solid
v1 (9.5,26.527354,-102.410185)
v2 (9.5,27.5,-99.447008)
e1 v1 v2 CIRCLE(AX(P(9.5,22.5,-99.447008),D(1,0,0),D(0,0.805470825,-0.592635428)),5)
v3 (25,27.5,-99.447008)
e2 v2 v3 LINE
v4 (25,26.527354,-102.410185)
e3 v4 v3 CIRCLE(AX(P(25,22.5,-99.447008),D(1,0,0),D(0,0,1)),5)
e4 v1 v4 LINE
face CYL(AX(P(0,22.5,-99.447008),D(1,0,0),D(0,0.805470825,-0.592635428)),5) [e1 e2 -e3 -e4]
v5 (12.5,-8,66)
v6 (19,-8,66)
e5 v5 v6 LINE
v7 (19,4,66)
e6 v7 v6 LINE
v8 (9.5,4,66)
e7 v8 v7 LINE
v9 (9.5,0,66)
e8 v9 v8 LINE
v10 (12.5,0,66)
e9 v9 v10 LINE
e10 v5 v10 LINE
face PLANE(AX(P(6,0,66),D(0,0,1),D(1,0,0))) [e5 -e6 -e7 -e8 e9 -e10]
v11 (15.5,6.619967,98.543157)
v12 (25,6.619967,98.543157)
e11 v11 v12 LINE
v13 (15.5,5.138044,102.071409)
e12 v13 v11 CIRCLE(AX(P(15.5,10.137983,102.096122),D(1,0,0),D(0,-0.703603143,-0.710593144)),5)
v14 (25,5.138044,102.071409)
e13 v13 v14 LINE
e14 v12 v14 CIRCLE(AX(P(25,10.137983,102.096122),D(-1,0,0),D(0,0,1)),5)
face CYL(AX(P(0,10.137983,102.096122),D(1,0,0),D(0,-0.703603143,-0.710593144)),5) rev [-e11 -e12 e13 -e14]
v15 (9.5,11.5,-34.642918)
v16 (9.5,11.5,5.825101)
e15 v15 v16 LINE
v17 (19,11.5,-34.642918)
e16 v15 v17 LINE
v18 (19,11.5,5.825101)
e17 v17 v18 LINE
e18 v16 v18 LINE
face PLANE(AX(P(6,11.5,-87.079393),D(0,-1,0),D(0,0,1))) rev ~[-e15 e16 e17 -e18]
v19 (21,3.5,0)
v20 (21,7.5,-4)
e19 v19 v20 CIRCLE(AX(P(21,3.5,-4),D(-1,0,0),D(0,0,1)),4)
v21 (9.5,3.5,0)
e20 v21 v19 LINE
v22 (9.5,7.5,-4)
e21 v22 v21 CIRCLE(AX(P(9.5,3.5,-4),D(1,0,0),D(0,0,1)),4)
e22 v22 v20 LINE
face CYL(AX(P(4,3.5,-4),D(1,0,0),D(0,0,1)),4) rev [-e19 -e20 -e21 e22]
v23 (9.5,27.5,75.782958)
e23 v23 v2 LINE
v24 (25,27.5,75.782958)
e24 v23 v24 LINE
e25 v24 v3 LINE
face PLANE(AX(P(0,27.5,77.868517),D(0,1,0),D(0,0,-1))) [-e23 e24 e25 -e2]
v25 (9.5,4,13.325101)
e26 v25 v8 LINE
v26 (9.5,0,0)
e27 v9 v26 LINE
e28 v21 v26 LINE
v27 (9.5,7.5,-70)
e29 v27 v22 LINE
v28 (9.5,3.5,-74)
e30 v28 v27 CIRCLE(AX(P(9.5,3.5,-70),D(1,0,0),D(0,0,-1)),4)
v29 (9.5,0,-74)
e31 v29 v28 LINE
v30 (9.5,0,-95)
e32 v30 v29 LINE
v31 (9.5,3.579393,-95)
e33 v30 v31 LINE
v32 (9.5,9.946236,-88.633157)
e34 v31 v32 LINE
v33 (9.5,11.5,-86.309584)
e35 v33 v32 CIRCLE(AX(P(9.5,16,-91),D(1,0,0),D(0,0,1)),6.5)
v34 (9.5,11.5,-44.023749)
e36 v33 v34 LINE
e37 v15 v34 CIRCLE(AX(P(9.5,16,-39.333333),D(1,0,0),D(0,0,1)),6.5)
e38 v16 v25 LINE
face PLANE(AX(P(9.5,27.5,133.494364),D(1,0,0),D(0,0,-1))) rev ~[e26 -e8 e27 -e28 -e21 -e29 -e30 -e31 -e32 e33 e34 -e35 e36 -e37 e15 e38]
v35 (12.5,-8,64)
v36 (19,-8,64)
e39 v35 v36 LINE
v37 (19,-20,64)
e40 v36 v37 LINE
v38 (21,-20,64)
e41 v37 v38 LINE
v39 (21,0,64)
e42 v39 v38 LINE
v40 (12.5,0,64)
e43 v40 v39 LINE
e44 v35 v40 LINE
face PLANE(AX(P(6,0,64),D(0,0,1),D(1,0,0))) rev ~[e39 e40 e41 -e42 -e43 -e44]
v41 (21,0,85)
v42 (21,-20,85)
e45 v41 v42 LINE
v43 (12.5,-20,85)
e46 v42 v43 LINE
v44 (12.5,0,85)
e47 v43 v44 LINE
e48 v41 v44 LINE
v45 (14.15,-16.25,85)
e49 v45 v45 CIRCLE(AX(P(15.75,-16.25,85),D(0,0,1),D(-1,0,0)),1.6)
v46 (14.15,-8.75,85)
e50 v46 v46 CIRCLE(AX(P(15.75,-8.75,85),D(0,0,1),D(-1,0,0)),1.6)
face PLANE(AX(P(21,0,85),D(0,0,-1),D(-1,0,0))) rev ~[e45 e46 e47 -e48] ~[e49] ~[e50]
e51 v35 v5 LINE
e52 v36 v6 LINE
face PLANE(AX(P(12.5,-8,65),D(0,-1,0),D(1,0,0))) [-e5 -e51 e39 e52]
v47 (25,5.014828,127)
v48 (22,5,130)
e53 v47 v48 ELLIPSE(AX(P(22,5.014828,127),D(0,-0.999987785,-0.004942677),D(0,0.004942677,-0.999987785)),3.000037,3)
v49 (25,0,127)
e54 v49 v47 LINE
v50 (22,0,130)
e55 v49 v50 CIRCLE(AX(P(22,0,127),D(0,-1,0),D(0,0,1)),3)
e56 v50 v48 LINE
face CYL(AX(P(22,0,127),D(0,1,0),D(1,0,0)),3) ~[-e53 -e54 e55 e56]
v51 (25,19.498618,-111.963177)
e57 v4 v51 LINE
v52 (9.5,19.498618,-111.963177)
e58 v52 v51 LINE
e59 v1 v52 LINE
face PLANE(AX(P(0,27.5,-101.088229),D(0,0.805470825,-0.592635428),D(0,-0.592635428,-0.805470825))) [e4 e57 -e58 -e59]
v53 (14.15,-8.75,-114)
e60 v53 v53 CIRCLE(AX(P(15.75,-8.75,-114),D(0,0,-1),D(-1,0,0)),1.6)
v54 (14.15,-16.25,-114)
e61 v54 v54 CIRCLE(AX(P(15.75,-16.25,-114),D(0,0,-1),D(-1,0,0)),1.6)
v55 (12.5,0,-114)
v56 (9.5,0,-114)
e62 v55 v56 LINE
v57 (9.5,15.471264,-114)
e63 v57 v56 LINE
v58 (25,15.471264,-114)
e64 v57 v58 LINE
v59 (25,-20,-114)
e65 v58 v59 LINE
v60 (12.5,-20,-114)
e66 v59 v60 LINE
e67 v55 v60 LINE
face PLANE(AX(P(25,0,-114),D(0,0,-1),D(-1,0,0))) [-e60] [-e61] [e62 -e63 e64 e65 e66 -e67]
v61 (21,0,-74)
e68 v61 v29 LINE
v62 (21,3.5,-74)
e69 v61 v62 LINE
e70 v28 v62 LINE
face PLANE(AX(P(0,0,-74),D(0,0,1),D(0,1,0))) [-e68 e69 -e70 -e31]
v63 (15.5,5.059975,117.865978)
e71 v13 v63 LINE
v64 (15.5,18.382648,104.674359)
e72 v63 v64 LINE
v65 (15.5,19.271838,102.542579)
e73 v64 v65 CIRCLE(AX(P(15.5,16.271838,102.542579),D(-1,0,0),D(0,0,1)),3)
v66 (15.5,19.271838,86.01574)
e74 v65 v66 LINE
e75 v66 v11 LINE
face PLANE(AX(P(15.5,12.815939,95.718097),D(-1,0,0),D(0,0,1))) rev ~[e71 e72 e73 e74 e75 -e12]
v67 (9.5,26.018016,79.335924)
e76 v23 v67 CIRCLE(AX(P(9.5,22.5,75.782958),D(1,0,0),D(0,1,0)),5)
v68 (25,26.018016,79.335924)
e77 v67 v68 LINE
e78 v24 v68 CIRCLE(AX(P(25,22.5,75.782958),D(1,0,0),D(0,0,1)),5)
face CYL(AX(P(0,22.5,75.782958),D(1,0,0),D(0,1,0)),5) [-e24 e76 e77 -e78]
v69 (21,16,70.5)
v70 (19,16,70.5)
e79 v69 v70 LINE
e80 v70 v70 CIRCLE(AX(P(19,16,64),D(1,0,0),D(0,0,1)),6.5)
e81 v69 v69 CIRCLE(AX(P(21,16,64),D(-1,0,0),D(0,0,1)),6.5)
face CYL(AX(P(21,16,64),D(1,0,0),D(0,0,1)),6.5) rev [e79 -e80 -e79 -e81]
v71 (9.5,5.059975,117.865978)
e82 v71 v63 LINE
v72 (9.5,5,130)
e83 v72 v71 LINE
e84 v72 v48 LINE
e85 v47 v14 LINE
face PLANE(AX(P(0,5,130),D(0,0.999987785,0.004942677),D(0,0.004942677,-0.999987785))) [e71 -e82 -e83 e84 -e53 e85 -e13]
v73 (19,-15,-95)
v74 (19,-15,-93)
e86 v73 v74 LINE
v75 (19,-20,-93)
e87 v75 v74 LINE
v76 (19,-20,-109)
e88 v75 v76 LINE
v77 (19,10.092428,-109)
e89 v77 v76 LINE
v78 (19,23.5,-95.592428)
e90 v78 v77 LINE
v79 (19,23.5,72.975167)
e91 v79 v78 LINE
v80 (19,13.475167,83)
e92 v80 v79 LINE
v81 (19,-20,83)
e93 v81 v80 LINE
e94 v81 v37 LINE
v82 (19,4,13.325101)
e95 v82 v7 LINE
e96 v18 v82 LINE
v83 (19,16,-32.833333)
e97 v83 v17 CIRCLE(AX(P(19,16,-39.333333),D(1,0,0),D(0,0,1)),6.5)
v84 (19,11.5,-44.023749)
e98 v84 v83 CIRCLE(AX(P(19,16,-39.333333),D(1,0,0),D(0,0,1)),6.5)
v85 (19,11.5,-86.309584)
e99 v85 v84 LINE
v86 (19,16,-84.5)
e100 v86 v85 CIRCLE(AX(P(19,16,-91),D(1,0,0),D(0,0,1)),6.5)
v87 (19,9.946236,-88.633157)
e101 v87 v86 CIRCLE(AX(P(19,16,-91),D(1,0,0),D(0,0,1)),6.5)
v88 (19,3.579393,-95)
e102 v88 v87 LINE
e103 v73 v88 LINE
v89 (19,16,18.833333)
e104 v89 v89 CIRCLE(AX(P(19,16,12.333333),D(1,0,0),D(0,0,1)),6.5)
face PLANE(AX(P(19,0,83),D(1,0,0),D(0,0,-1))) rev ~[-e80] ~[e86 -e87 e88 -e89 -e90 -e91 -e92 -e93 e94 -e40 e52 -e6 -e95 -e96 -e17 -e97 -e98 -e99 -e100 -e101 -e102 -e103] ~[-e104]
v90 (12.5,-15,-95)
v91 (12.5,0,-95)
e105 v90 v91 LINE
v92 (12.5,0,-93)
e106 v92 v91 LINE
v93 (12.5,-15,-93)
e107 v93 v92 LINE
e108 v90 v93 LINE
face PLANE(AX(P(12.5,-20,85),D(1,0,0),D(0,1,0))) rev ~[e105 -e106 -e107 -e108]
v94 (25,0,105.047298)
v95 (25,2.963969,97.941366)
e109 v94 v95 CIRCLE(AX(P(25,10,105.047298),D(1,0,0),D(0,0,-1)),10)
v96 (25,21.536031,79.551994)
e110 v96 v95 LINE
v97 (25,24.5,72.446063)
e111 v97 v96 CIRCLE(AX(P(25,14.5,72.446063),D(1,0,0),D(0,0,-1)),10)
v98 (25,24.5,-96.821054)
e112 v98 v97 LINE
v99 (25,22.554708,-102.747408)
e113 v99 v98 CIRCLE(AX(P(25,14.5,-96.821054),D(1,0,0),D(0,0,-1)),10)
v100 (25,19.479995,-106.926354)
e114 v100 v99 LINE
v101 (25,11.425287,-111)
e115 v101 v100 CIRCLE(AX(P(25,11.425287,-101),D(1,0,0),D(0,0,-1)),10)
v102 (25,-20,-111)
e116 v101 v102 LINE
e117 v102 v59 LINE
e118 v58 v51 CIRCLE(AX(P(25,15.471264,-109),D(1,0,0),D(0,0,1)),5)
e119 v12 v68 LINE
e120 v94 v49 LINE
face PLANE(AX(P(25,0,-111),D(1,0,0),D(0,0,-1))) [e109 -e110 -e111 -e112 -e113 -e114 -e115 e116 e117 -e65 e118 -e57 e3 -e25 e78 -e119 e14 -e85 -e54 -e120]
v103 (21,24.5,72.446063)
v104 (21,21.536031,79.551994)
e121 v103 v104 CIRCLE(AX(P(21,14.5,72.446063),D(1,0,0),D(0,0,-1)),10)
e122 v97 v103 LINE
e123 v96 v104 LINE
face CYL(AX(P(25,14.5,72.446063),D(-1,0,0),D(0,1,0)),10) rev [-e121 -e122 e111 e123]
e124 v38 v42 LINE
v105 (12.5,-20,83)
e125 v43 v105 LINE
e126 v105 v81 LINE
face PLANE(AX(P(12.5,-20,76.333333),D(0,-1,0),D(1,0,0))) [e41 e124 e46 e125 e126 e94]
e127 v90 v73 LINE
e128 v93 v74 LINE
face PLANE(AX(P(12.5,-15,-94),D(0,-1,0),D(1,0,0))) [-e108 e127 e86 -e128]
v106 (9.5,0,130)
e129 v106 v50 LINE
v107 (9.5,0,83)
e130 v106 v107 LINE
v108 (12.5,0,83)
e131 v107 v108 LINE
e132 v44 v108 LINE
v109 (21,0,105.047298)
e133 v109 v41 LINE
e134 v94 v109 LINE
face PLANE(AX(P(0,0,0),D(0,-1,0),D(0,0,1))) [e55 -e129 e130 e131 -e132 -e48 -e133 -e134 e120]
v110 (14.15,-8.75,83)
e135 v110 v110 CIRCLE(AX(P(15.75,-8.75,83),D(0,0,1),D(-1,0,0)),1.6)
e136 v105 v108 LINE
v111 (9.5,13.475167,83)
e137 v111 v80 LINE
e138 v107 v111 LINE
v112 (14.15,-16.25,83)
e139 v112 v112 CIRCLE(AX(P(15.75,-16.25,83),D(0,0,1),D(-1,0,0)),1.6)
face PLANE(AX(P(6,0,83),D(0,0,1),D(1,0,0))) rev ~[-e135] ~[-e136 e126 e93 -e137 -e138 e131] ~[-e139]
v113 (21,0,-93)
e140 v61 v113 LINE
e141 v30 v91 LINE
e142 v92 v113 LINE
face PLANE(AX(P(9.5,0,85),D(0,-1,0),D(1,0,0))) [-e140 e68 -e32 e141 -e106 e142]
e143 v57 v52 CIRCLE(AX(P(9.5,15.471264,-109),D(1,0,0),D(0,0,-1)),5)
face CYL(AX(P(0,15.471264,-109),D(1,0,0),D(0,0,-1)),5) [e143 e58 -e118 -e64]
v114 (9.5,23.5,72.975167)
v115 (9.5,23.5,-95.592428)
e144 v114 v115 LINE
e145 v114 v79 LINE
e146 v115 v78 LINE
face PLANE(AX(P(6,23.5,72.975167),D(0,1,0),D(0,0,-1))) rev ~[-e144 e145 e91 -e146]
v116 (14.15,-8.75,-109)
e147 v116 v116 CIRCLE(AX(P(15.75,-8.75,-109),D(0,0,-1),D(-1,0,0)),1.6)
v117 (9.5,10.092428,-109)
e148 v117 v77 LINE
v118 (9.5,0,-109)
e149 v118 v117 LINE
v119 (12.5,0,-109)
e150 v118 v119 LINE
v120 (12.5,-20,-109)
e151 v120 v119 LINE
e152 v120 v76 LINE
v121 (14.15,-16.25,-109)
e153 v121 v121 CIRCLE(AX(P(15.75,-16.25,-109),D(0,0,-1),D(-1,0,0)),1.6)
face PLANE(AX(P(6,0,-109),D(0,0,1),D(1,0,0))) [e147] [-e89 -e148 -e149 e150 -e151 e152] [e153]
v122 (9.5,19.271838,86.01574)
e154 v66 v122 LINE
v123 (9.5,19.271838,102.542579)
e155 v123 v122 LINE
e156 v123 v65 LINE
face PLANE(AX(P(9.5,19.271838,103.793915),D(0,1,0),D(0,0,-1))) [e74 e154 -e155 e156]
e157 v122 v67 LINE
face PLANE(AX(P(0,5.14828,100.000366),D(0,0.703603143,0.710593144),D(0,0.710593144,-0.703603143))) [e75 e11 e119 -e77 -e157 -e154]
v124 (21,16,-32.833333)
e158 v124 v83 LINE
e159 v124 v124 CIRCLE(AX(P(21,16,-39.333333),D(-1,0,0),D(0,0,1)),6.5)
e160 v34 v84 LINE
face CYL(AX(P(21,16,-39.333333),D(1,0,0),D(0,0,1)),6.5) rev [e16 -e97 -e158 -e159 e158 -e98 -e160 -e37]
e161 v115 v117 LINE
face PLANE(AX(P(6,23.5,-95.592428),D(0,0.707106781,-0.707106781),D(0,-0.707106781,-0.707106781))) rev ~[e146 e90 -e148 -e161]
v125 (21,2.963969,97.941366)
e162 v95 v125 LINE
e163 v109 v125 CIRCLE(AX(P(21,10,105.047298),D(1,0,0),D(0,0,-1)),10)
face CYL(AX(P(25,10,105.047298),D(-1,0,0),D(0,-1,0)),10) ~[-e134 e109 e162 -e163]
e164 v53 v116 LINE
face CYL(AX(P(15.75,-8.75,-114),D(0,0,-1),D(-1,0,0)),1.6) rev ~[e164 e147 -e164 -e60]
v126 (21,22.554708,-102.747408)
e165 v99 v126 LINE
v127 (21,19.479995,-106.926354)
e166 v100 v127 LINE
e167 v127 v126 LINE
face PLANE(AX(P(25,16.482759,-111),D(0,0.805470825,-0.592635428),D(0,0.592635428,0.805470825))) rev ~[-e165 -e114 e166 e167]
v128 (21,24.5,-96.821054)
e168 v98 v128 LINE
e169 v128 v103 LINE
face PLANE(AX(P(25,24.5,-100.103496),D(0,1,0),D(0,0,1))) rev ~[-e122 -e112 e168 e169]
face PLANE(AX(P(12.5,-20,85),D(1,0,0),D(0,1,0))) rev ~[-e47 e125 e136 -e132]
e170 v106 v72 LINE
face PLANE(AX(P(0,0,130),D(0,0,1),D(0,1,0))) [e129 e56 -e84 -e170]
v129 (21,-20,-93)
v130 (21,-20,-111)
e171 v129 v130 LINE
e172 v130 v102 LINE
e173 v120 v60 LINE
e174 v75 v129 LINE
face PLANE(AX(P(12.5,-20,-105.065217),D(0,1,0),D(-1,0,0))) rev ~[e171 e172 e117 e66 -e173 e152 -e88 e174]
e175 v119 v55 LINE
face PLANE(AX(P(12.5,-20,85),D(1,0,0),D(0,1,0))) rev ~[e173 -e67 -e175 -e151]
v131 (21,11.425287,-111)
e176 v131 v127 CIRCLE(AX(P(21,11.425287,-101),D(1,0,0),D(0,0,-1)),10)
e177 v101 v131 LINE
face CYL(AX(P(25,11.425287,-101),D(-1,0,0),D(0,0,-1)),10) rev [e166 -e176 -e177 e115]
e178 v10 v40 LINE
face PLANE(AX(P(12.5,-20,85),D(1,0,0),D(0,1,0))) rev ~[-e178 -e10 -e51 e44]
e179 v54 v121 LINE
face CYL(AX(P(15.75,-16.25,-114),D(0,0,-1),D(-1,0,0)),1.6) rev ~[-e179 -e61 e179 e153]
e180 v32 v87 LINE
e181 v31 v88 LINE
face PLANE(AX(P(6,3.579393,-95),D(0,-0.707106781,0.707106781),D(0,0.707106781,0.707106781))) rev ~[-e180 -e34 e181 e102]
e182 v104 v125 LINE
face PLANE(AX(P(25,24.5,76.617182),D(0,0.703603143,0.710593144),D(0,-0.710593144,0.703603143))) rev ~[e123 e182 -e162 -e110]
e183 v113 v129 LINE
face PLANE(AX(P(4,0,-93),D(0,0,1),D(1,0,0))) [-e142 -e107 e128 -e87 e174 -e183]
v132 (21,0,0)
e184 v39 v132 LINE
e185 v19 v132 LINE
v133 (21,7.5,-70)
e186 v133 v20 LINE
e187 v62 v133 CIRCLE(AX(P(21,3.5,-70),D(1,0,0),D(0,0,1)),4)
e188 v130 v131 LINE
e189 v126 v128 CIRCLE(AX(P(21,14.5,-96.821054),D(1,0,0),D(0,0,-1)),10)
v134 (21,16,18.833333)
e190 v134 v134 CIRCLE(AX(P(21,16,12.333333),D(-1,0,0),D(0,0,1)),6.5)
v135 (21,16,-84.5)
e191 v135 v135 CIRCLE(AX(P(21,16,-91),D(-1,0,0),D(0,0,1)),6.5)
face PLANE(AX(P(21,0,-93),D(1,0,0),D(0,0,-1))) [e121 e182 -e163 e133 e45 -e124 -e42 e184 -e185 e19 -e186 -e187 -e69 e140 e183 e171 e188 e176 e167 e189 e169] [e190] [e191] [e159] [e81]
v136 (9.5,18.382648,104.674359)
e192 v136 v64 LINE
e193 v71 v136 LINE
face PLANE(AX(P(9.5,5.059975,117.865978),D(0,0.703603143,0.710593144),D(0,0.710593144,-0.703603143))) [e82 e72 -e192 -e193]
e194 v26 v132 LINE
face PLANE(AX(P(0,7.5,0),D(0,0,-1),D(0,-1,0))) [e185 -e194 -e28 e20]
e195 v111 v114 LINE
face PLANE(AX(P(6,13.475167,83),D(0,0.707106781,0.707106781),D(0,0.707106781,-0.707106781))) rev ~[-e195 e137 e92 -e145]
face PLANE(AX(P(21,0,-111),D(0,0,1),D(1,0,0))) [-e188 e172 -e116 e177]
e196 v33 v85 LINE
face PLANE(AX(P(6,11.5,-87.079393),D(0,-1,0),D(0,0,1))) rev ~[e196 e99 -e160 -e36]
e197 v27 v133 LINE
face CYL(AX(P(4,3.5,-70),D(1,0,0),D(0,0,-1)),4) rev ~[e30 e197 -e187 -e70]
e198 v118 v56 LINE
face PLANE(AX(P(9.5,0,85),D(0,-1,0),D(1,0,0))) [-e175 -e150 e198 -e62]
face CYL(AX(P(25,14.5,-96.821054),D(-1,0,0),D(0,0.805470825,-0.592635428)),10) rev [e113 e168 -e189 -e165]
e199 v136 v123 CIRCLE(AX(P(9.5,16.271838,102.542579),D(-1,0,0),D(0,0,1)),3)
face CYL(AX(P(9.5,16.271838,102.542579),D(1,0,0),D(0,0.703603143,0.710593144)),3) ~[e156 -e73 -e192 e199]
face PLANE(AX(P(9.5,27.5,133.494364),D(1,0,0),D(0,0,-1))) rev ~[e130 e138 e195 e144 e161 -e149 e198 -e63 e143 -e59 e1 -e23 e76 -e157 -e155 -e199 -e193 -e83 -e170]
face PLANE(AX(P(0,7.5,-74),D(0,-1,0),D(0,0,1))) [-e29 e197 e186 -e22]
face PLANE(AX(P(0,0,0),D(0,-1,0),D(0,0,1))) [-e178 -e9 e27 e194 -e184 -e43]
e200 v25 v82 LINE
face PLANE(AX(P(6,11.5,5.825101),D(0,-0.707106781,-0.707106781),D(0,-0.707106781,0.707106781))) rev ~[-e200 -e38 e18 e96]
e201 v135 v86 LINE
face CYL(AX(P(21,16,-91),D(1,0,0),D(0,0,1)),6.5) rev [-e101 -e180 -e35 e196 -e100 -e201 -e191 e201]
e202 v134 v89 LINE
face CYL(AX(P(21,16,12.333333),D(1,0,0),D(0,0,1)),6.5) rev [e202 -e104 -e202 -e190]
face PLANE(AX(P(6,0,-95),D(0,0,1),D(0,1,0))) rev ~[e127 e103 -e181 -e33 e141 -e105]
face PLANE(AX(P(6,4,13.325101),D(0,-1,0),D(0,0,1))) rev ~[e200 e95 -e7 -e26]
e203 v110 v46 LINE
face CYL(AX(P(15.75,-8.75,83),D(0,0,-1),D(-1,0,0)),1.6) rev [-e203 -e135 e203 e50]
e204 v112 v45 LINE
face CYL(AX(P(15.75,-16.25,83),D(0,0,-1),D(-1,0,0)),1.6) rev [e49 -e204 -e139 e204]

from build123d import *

# Parameters (mm, degrees)
BOSS_EXTRUDE1_DEPTH      = 25
CUT_EXTRUDE1_DEPTH       = 4
FILLET1_R                = 4
FILLET2_R                = 10
FILLET3_R                = 5
FILLET4_R                = 3
BOSS_EXTRUDE2_DEPTH      = 3
BOSS_EXTRUDE2_DEPTH_BACK = 3
FILLET5_R                = 3
SKETCH6_W                = 13
SKETCH6_H                = 14
BOSS_EXTRUDE3_DEPTH      = 20
BOSS_EXTRUDE4_DEPTH      = 20
SKETCH9_W                = 13
SKETCH9_H                = 2
BOSS_EXTRUDE5_DEPTH      = 8
SKETCH7_W                = 13
SKETCH7_H                = 2
CUT_EXTRUDE2_DEPTH       = 5
SKETCH11_R               = 1.6
CUT_EXTRUDE3_DEPTH       = 19
CUT_EXTRUDE4_START       = -2
SKETCH12_R               = 1.6
CUT_EXTRUDE4_DEPTH       = 2
CUT_EXTRUDE5_DEPTH       = 6.5
CUT_EXTRUDE5_DEPTH_BACK  = 6.5
LARGE_START              = -17
SKETCH15_R               = 6.5
LARGE_SCREW_HOLES_DEPTH  = 17
SKETCH17_W               = 9.5
SKETCH17_H               = 262.988655448
CUT_EXTRUDE6_DEPTH       = 141.64583179
SKETCH18_W               = 3
SKETCH18_H               = 20
CUT_EXTRUDE7_DEPTH       = 203.440732067


with BuildPart() as part:
    # Sketch1 → Boss-Extrude1 (new body)
    with BuildSketch(Plane(origin=(0, 0, 0), x_dir=(0, 0, -1), z_dir=(1, 0, 0))):
        Polygon((0, 0), (-130, 0), (-130, 5), (-100.000366453, 5.148280317), (-77.868517379, 27.5), (101.088229162, 27.5), (114, 18), (114, 0), (74, 0), (74, 7.5), (0, 7.5), align=None)
    extrude(amount=BOSS_EXTRUDE1_DEPTH)

    # Sketch4 → Cut-Extrude1 (cut)
    with BuildSketch(Plane(origin=(25, 0, 0), x_dir=(0, 0, -1), z_dir=(1, 0, 0))):
        Polygon((-100.876178749, 0), (0, 0), (111, 0), (111, 3), (111, 16.482758557), (100.103496394, 24.5), (-76.617181678, 24.5), align=None)
    cut_extrude1 = extrude(amount=-CUT_EXTRUDE1_DEPTH, mode=Mode.SUBTRACT)

    # Mirror2: Cut-Extrude1 across plane
    add(cut_extrude1.mirror(Plane(origin=(12.5, 0, 0), x_dir=(0, 0, 1), z_dir=(1, 0, 0))), mode=Mode.SUBTRACT)

    # Fillet1
    fillet1_edges = [part.edges().sort_by_distance(p)[0] for p in [
        (12.5, 7.5, -74),
        (12.5, 7.5, 0),
    ]]
    fillet(fillet1_edges, radius=FILLET1_R)

    # Fillet2
    fillet2_edges = [part.edges().sort_by_distance(p)[0] for p in [
        (23, 0, 100.876178749),
        (23, 24.5, 76.617181678),
        (23, 24.5, -100.103496394),
        (23, 16.482758557, -111),
        (2, 0, 100.876178749),
        (2, 16.482758557, -111),
        (2, 24.5, -100.103496394),
        (2, 24.5, 76.617181678),
    ]]
    fillet(fillet2_edges, radius=FILLET2_R)

    # Fillet3
    fillet3_edges = [part.edges().sort_by_distance(p)[0] for p in [
        (12.5, 5.148280317, 100.000366453),
        (12.5, 27.5, 77.868517379),
        (12.5, 27.5, -101.088229162),
        (12.5, 18, -114),
    ]]
    fillet(fillet3_edges, radius=FILLET3_R)

    # Fillet4
    fillet4_edges = [part.edges().sort_by_distance(p)[0] for p in [
        (0, 2.5, 130),
        (25, 2.5, 130),
    ]]
    fillet(fillet4_edges, radius=FILLET4_R)

    # Sketch5 → Boss-Extrude2 (add, two sides: drawn at the far end of the back side and taken through both)
    with BuildSketch(Plane(origin=(12.5, 0, 0), x_dir=(0, 0, -1), z_dir=(1, 0, 0)).offset(-BOSS_EXTRUDE2_DEPTH_BACK)):
        Polygon((-117.8659777, 5.059975288), (-103.793914836, 19.271838176), (-72.605250228, 19.271838176), (-95.8659777, 5.059975288), align=None)
    extrude(amount=BOSS_EXTRUDE2_DEPTH + BOSS_EXTRUDE2_DEPTH_BACK)

    # Fillet5
    fillet5_edges = [part.edges().sort_by_distance(p)[0] for p in [
        (12.5, 19.271838176, 103.793914836),
    ]]
    fillet(fillet5_edges, radius=FILLET5_R)

    # Sketch6 → Boss-Extrude3 (add)
    with BuildSketch(Plane.XZ):
        Polygon((0, -111), (4, -111), (4, -93), (21, -93), (21, -111), (25, -111), (25, -114), (0, -114), align=None)
        with Locations((12.5, -102)):
            Rectangle(SKETCH6_W, SKETCH6_H, mode=Mode.SUBTRACT)
    extrude(amount=BOSS_EXTRUDE3_DEPTH)

    # Sketch8 → Boss-Extrude4 (add)
    with BuildSketch(Plane.XZ):
        Polygon((21, 85), (4, 85), (4, 64), (6, 64), (6, 83), (19, 83), (19, 64), (21, 64), align=None)
    extrude(amount=BOSS_EXTRUDE4_DEPTH)

    # Sketch9 → Boss-Extrude5 (add)
    with BuildSketch(Plane.XZ):
        with Locations((12.5, 65)):
            Rectangle(SKETCH9_W, SKETCH9_H)
    extrude(amount=BOSS_EXTRUDE5_DEPTH)

    # Sketch7 → Cut-Extrude2 (cut)
    with BuildSketch(Plane.XZ.offset(20)):
        with Locations((12.5, -94)):
            Rectangle(SKETCH7_W, SKETCH7_H)
    extrude(amount=-CUT_EXTRUDE2_DEPTH, mode=Mode.SUBTRACT)

    # Sketch11 → Cut-Extrude3 (cut)
    with BuildSketch(Plane(origin=(0, 0, -114), x_dir=(-1, 0, 0), z_dir=(0, 0, -1))):
        with Locations((-15.75, -16.25)):
            Circle(SKETCH11_R)
        with Locations((-15.75, -8.75)):
            Circle(SKETCH11_R)
        with Locations((-9.25, -8.75)):
            Circle(SKETCH11_R)
        with Locations((-9.25, -16.25)):
            Circle(SKETCH11_R)
    extrude(amount=-CUT_EXTRUDE3_DEPTH, mode=Mode.SUBTRACT)

    # Sketch12 → Cut-Extrude4 (cut)
    with BuildSketch(Plane.XY.offset(85).offset(CUT_EXTRUDE4_START)):
        with Locations(Location((15.75, -16.25, 0), (0, 0, 180))):
            Circle(SKETCH12_R)
        with Locations(Location((9.25, -16.25, 0), (0, 0, 180))):
            Circle(SKETCH12_R)
        with Locations(Location((9.25, -8.75, 0), (0, 0, 180))):
            Circle(SKETCH12_R)
        with Locations(Location((15.75, -8.75, 0), (0, 0, 180))):
            Circle(SKETCH12_R)
    extrude(amount=CUT_EXTRUDE4_DEPTH, mode=Mode.SUBTRACT)

    # Sketch14 → Cut-Extrude5 (cut, two sides: drawn at the far end of the back side and taken through both)
    with BuildSketch(Plane(origin=(12.5, 0, 0), x_dir=(0, 0, -1), z_dir=(1, 0, 0)).offset(-CUT_EXTRUDE5_DEPTH_BACK)):
        Polygon((-83, 0), (-83, 13.475167258), (-72.975167258, 23.5), (95.592427597, 23.5), (109, 10.092427597), (109, 0), (95, 0), (95, 3.57939317), (87.07939317, 11.5), (-5.825100808, 11.5), (-13.325100808, 4), (-66, 4), (-66, 0), align=None)
    extrude(amount=CUT_EXTRUDE5_DEPTH + CUT_EXTRUDE5_DEPTH_BACK, mode=Mode.SUBTRACT)

    # Sketch15 → large screw holes (cut)
    with BuildSketch(Plane.ZY.offset(-4).offset(LARGE_START)):
        with Locations((-91, 16)):
            Circle(SKETCH15_R)
        with Locations((-39.333333333, 16)):
            Circle(SKETCH15_R)
        with Locations((64, 16)):
            Circle(SKETCH15_R)
        with Locations((12.333333333, 16)):
            Circle(SKETCH15_R)
    extrude(amount=LARGE_SCREW_HOLES_DEPTH, mode=Mode.SUBTRACT)

    # Sketch17 → Cut-Extrude6 (cut, through all)
    with BuildSketch(Plane(origin=(0, 27.5, 0), x_dir=(1, 0, 0), z_dir=(0, 1, 0))):
        with Locations((4.75, -2.000036068)):
            Rectangle(SKETCH17_W, SKETCH17_H)
    extrude(amount=-CUT_EXTRUDE6_DEPTH, mode=Mode.SUBTRACT)

    # Sketch18 → Cut-Extrude7 (cut, through all)
    with BuildSketch(Plane.XY.offset(85)):
        with Locations((11, -10)):
            Rectangle(SKETCH18_W, SKETCH18_H)
    extrude(amount=-CUT_EXTRUDE7_DEPTH, mode=Mode.SUBTRACT)


solid = part.part
